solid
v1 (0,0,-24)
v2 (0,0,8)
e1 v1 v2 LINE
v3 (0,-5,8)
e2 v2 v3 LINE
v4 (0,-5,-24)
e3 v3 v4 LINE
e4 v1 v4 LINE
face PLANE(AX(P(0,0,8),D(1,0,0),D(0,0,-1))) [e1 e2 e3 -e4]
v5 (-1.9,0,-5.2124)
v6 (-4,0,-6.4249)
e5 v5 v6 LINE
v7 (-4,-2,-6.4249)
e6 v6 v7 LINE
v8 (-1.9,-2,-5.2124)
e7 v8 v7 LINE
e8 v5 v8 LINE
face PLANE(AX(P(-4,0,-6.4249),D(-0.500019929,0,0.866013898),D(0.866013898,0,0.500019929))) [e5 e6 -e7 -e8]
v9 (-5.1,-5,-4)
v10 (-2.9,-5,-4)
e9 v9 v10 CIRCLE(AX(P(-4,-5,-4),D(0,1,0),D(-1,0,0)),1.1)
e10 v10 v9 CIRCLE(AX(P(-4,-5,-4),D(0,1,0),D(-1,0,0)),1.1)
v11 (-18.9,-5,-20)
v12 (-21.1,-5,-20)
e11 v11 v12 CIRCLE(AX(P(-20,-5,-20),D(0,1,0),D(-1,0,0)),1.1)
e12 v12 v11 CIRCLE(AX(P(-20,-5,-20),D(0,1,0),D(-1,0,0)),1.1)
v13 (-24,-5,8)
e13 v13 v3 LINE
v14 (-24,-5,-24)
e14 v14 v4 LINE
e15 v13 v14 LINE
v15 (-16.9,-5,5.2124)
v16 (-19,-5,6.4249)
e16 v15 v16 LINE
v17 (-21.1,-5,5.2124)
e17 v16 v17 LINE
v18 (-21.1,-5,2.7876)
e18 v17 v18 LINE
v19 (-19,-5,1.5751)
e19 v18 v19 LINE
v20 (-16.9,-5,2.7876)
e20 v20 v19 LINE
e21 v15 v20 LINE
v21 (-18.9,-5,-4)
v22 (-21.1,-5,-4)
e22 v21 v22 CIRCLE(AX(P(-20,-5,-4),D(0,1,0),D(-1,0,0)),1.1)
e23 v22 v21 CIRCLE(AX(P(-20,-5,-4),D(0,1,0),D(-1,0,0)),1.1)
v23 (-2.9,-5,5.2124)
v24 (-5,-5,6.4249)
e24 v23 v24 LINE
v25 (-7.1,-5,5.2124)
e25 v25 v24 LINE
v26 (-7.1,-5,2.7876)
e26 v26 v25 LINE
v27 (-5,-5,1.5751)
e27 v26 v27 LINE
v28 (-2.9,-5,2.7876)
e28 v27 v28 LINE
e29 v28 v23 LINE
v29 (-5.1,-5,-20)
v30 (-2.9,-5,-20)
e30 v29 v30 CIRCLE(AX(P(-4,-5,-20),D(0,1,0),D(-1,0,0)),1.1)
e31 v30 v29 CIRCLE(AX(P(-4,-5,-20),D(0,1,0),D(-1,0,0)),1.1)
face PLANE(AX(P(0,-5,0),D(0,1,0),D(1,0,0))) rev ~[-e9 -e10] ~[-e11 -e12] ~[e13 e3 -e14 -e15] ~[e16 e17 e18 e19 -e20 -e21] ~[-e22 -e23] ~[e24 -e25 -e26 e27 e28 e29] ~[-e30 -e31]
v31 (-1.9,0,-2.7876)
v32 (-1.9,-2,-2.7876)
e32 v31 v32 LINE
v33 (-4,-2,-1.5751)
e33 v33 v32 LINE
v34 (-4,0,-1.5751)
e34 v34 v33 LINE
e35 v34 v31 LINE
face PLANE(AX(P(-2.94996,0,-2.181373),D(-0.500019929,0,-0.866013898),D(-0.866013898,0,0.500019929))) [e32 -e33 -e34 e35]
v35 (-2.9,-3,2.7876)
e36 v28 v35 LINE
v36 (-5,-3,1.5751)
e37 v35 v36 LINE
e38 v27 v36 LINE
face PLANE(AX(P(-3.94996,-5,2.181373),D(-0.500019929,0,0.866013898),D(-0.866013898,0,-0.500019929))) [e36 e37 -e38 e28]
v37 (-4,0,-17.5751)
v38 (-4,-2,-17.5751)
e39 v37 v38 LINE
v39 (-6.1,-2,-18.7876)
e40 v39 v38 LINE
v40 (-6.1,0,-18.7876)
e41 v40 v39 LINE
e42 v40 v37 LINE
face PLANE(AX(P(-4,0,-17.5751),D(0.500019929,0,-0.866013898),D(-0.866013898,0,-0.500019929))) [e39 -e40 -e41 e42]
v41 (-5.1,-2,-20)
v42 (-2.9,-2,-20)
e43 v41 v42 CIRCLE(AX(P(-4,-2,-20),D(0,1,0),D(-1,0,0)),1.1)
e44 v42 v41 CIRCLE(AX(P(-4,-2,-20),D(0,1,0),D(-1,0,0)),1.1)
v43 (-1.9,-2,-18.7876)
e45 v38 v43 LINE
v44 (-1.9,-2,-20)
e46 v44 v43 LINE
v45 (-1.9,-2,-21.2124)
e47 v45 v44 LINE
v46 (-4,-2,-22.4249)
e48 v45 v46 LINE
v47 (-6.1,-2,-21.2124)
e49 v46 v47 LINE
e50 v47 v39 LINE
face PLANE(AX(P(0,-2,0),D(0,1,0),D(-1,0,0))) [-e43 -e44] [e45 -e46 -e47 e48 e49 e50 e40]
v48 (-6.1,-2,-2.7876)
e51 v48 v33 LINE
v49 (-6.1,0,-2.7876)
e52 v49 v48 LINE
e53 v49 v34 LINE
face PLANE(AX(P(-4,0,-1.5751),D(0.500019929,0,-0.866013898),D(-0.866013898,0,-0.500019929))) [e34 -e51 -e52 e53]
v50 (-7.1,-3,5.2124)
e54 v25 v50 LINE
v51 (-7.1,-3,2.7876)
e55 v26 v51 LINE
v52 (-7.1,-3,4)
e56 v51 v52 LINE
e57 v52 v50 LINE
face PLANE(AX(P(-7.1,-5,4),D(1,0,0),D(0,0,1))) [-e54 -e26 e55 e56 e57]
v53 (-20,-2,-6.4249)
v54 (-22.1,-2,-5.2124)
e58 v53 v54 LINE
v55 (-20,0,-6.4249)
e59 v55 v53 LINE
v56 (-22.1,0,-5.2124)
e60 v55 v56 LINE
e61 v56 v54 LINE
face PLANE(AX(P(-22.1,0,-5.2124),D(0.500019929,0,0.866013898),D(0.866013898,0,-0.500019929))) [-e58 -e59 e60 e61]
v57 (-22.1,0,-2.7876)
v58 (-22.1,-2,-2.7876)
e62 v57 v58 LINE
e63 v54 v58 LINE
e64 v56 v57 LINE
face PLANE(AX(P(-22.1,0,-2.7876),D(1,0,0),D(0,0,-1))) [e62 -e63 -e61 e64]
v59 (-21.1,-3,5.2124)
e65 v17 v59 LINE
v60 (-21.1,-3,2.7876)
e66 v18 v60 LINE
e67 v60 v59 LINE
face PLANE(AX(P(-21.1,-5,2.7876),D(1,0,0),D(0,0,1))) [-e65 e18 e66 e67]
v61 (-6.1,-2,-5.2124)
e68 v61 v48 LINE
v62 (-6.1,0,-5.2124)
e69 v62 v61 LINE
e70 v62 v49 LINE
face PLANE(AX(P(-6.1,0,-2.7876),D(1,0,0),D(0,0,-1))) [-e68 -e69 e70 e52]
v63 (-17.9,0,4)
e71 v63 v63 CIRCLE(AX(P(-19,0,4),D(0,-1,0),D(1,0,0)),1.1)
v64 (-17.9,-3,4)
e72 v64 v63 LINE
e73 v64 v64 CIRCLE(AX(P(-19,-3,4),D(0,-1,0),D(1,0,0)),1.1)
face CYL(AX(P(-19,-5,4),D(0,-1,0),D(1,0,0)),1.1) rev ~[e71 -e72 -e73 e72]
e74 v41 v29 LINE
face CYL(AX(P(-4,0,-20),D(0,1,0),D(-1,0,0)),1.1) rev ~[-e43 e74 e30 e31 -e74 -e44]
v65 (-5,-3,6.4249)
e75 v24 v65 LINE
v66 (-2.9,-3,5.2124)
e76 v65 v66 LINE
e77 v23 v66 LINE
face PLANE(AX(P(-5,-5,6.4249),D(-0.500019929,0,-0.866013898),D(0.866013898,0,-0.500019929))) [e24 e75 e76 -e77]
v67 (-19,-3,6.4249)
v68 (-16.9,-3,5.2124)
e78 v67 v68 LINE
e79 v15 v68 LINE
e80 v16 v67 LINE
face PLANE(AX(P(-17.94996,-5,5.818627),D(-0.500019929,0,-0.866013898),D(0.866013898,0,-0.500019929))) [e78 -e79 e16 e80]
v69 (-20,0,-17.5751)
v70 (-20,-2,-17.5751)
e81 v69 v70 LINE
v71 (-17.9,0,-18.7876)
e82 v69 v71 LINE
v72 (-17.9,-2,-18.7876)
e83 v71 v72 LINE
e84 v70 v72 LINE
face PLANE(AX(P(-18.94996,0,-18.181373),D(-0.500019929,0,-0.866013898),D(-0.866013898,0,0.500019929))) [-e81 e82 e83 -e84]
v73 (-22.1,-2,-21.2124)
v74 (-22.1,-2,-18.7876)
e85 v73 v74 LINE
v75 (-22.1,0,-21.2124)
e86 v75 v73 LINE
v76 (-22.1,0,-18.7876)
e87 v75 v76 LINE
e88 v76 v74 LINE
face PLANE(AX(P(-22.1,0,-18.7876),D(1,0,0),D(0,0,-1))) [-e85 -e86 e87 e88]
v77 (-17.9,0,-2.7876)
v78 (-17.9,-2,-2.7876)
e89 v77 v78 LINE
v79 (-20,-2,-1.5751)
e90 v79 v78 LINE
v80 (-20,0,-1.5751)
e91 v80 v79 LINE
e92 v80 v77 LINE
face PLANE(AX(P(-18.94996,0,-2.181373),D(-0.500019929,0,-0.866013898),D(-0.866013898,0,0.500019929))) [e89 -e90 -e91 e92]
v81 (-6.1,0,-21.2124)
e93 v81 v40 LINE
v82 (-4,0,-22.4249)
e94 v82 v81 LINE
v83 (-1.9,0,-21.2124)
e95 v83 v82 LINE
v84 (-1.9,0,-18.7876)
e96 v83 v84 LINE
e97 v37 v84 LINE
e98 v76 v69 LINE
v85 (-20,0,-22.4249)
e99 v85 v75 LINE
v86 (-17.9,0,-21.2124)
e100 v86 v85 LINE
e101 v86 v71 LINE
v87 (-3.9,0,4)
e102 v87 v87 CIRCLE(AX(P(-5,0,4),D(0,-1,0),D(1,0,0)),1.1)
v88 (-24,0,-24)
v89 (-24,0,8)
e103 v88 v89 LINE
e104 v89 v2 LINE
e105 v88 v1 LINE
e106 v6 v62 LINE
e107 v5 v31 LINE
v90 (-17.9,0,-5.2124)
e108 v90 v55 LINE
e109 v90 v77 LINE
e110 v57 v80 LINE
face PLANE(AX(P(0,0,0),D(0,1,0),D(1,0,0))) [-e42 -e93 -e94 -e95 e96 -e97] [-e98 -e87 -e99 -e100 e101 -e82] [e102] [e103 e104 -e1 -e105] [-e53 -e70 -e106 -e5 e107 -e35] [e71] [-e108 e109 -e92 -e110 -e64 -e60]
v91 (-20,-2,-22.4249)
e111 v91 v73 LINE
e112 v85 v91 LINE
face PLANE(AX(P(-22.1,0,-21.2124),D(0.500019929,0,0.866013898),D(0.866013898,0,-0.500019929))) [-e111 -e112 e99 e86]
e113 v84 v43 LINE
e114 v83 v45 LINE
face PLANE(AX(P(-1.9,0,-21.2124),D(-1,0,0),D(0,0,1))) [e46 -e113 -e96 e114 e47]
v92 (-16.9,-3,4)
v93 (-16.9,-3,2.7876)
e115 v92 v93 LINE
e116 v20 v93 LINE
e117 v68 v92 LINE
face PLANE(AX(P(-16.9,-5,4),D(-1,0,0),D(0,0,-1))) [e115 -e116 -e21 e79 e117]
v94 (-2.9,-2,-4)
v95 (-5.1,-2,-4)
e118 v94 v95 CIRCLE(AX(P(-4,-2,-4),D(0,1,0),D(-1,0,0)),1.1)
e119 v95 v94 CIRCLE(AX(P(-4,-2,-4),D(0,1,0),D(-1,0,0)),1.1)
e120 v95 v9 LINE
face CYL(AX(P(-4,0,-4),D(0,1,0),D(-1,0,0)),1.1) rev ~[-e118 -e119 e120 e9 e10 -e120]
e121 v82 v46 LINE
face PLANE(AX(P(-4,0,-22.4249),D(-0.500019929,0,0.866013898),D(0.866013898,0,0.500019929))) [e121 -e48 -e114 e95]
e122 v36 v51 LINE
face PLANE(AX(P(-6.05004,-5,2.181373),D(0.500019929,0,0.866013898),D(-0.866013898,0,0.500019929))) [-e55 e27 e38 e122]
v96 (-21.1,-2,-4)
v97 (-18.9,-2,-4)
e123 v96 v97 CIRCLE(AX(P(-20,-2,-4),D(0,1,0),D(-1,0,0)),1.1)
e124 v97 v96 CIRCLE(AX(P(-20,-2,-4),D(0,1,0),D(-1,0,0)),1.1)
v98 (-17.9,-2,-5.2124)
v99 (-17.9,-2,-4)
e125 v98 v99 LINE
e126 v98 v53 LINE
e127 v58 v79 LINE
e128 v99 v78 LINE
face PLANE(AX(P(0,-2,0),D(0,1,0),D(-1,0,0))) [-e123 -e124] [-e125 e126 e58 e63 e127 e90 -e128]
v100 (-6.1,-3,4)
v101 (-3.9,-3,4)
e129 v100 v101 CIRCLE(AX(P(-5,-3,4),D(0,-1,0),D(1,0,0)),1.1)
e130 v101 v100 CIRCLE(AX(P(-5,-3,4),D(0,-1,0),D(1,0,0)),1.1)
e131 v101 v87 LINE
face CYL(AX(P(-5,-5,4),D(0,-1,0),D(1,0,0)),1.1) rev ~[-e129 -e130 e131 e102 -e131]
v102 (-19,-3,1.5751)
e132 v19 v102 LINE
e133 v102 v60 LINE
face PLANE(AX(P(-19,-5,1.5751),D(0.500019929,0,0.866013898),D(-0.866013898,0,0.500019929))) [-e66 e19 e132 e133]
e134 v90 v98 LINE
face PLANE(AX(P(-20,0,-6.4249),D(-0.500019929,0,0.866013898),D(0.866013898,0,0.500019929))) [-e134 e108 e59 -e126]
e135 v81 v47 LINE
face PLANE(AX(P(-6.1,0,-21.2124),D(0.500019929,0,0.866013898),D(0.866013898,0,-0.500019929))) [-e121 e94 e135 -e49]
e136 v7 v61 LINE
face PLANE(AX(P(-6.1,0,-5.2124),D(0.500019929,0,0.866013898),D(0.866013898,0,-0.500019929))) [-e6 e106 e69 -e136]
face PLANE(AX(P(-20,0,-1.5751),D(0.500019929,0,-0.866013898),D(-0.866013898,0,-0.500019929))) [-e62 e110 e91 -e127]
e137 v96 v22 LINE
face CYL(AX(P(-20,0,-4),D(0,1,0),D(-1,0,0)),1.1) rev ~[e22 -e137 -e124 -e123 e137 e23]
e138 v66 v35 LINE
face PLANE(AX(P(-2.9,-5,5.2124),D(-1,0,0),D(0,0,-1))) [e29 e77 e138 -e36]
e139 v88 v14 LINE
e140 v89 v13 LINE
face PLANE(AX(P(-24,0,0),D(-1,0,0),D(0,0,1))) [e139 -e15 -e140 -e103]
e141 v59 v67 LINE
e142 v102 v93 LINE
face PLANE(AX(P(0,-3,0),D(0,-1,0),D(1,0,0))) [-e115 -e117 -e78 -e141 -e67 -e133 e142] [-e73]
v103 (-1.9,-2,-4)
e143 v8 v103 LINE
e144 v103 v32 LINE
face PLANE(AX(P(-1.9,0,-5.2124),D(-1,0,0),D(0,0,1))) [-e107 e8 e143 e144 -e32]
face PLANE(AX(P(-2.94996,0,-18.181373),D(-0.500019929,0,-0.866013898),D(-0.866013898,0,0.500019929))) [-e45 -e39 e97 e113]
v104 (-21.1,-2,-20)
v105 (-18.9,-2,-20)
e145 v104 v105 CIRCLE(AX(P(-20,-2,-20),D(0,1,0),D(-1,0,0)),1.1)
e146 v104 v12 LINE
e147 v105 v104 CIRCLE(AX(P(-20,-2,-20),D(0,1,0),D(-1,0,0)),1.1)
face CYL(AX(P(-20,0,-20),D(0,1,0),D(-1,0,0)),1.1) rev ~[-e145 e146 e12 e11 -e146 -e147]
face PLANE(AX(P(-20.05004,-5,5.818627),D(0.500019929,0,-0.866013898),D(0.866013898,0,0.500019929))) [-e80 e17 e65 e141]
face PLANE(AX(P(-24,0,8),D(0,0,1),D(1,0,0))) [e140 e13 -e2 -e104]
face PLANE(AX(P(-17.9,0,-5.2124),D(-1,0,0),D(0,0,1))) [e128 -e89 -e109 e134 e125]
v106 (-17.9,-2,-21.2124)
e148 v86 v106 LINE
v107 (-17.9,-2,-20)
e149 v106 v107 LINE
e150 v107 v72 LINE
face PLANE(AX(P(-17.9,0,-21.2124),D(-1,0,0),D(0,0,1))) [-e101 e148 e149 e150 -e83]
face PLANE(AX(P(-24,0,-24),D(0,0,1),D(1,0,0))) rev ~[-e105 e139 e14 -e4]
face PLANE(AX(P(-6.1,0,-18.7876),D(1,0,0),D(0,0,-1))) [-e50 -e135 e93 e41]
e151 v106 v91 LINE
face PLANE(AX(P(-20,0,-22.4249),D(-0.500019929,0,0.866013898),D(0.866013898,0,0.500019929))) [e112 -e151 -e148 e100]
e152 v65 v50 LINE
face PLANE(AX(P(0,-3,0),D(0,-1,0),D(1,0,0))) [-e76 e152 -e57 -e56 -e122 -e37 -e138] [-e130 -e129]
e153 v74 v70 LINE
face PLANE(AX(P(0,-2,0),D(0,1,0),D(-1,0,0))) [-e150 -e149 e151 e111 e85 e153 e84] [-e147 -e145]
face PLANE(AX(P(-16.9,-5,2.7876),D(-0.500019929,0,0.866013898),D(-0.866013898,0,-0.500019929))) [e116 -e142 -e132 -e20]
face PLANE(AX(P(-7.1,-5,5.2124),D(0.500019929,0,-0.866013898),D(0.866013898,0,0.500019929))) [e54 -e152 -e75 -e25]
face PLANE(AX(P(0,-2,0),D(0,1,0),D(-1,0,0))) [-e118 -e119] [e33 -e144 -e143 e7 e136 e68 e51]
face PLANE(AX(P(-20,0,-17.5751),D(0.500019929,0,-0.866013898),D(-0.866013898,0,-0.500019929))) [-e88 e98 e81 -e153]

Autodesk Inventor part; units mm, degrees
ref_plane "YZ Plane" through (0, 0, 0) normal (1, 0, 0) x (0, 1, 0)
ref_plane "XZ Plane" through (0, 0, 0) normal (0, 1, 0) x (-1, 0, 0)
ref_plane "XY Plane" through (0, 0, 0) normal (0, 0, 1) x (1, 0, 0)
sketch "스케치1" plane through (0, 0, 0) normal (0, 1, 0) x (-1, 0, 0)
  line L0 (0, 0) -> (24, 0)
  line L1 (24, 0) -> (24, -24)
  line L2 (24, -24) -> (0, -24)
  line L3 (0, -24) -> (0, 0)
  circle A0 centre (4, -4) radius 1.1
  circle A1 centre (4, -4) radius 2.1
  line L4 (1.9, -4) -> (4, -4)
  line L5 (1.9, -2.7876) -> (4, -1.5751)
  line L6 (4, -1.5751) -> (6.1, -2.7876)
  line L7 (6.1, -2.7876) -> (6.1, -5.2124)
  line L8 (6.1, -5.2124) -> (4, -6.4249)
  line L9 (4, -6.4249) -> (1.9, -5.2124)
  line L10 (1.9, -5.2124) -> (1.9, -2.7876)
  circle A2 centre (4, -20) radius 1.1
  circle A3 centre (4, -20) radius 2.1
  line L11 (1.9, -20) -> (4, -20)
  line L12 (1.9, -18.7876) -> (4, -17.5751)
  line L13 (4, -17.5751) -> (6.1, -18.7876)
  line L14 (6.1, -18.7876) -> (6.1, -21.2124)
  line L15 (6.1, -21.2124) -> (4, -22.4249)
  line L16 (4, -22.4249) -> (1.9, -21.2124)
  line L17 (1.9, -21.2124) -> (1.9, -18.7876)
  circle A4 centre (20, -4) radius 1.1
  circle A5 centre (20, -4) radius 2.1
  line L18 (17.9, -4) -> (20, -4)
  line L19 (17.9, -2.7876) -> (20, -1.5751)
  line L20 (20, -1.5751) -> (22.1, -2.7876)
  line L21 (22.1, -2.7876) -> (22.1, -5.2124)
  line L22 (22.1, -5.2124) -> (20, -6.4249)
  line L23 (20, -6.4249) -> (17.9, -5.2124)
  line L24 (17.9, -5.2124) -> (17.9, -2.7876)
  circle A6 centre (20, -20) radius 1.1
  circle A7 centre (20, -20) radius 2.1
  line L25 (17.9, -20) -> (20, -20)
  line L26 (17.9, -18.7876) -> (20, -17.5751)
  line L27 (20, -17.5751) -> (22.1, -18.7876)
  line L28 (22.1, -18.7876) -> (22.1, -21.2124)
  line L29 (22.1, -21.2124) -> (20, -22.4249)
  line L30 (20, -22.4249) -> (17.9, -21.2124)
  line L31 (17.9, -21.2124) -> (17.9, -18.7876)
  line L32 (12, 0) -> (12, 4)
  line L33 (12, 4) -> (19, 4)
  line L34 (12, 4) -> (5, 4)
  dimension "d3" = 4.2
  dimension "d0" = 24
  dimension "d1" = 24
  dimension "d2" = 2.2
  dimension "d6" = 16
  dimension "d9" = 16
  dimension "d12" = 4
  dimension "d13" = 7
  dimension "d14" = 7
extrude "돌출1" add sketch "스케치1" against normal blind 5 contours L0 L1 L2 L3 | A0 | A1 | A1 L9 L10 | L10 L5 A1 | L5 L6 A1 | A1 L8 L9 | L6 L7 A1 | A1 L7 L8 | A2 | A3 | A3 L16 L17 | L17 L12 A3 | L12 L13 A3 | A3 L15 L16 | L13 L14 A3 | A3 L14 L15 | A4 | A5 | A5 L23 L24 | L24 L19 A5 | L19 L20 A5 | A5 L22 L23 | L20 L21 A5 | A5 L21 L22 | A6 | A7 | A7 L30 L31 | L31 L26 A7 | L26 L27 A7 | A7 L29 L30 | L27 L28 A7 | A7 L28 L29
extrude "돌출2" cut sketch "스케치1" against normal blind 2 contours A0 | A1 | A1 L9 L10 | L10 L5 A1 | L5 L6 A1 | A1 L8 L9 | L6 L7 A1 | A1 L7 L8 | A2 | A3 | A3 L16 L17 | L17 L12 A3 | L12 L13 A3 | A3 L15 L16 | L13 L14 A3 | A3 L14 L15 | A4 | A5 | A5 L23 L24 | L24 L19 A5 | L19 L20 A5 | A5 L22 L23 | L20 L21 A5 | A5 L21 L22 | A6 | A7 | A7 L30 L31 | L31 L26 A7 | L26 L27 A7 | A7 L29 L30 | L27 L28 A7 | A7 L28 L29
extrude "돌출3" cut sketch "스케치1" against normal blind 5 contours A0 | A2 | A4 | A6
sketch "스케치2" plane through (0, 0, 0) normal (0, 1, 0) x (1, 0, 0)
  line L0 (0, 0) -> (-24, 0)
  line L1 (-24, 0) -> (-24, -8)
  line L2 (-24, -8) -> (0, -8)
  line L3 (0, -8) -> (0, 0)
  dimension "d21" = 8
extrude "돌출4" add sketch "스케치2" against normal blind 5
sketch "스케치3" plane through (0, -5, 0) normal (0, -1, 0) x (1, 0, 0)
  line L0 (0, 0) -> (-12, 0)
  line L1 (-12, 0) -> (-12, 4)
  line L2 (-12, 4) -> (-5, 4)
  line L3 (-12, 4) -> (-19, 4)
  circle A0 centre (-5, 4) radius 1.1
  circle A1 centre (-5, 4) radius 2.1
  circle A2 centre (-19, 4) radius 1.1
  circle A3 centre (-19, 4) radius 2.1
  line L4 (-2.9, 2.7876) -> (-5, 1.5751)
  line L5 (-5, 1.5751) -> (-7.1, 2.7876)
  line L6 (-7.1, 2.7876) -> (-7.1, 5.2124)
  line L7 (-7.1, 5.2124) -> (-5, 6.4249)
  line L8 (-5, 6.4249) -> (-2.9, 5.2124)
  line L9 (-2.9, 5.2124) -> (-2.9, 2.7876)
  line L10 (-21.1, 5.2124) -> (-19, 6.4249)
  line L11 (-19, 6.4249) -> (-16.9, 5.2124)
  line L12 (-16.9, 5.2124) -> (-16.9, 2.7876)
  line L13 (-16.9, 2.7876) -> (-19, 1.5751)
  line L14 (-19, 1.5751) -> (-21.1, 2.7876)
  line L15 (-21.1, 2.7876) -> (-21.1, 5.2124)
  point P0 (-2.9, 4)
  point P1 (-21.1, 4)
  dimension "d29" = 4.2
  dimension "d31" = 4.2
  dimension "d24" = 12
  dimension "d25" = 4
  dimension "d26" = 7
  dimension "d27" = 7
  dimension "d28" = 2.2
  dimension "d30" = 2.2
extrude "돌출5" cut sketch "스케치3" against normal blind 2 contours L6 L7 A1 | A0 | A1 | A1 L5 L6 | L12 L13 A3 | A2 | A3 | A3 L11 L12 | L7 L8 A1 | A1 L4 L5 | A3 L10 L11 | L13 L14 A3 | L8 L9 A1 | A1 L9 L4 | A3 L15 L10 | L14 L15 A3
extrude "돌출6" cut sketch "스케치3" against normal blind 5 contours A0 | A2
properties part number "robot_left"
